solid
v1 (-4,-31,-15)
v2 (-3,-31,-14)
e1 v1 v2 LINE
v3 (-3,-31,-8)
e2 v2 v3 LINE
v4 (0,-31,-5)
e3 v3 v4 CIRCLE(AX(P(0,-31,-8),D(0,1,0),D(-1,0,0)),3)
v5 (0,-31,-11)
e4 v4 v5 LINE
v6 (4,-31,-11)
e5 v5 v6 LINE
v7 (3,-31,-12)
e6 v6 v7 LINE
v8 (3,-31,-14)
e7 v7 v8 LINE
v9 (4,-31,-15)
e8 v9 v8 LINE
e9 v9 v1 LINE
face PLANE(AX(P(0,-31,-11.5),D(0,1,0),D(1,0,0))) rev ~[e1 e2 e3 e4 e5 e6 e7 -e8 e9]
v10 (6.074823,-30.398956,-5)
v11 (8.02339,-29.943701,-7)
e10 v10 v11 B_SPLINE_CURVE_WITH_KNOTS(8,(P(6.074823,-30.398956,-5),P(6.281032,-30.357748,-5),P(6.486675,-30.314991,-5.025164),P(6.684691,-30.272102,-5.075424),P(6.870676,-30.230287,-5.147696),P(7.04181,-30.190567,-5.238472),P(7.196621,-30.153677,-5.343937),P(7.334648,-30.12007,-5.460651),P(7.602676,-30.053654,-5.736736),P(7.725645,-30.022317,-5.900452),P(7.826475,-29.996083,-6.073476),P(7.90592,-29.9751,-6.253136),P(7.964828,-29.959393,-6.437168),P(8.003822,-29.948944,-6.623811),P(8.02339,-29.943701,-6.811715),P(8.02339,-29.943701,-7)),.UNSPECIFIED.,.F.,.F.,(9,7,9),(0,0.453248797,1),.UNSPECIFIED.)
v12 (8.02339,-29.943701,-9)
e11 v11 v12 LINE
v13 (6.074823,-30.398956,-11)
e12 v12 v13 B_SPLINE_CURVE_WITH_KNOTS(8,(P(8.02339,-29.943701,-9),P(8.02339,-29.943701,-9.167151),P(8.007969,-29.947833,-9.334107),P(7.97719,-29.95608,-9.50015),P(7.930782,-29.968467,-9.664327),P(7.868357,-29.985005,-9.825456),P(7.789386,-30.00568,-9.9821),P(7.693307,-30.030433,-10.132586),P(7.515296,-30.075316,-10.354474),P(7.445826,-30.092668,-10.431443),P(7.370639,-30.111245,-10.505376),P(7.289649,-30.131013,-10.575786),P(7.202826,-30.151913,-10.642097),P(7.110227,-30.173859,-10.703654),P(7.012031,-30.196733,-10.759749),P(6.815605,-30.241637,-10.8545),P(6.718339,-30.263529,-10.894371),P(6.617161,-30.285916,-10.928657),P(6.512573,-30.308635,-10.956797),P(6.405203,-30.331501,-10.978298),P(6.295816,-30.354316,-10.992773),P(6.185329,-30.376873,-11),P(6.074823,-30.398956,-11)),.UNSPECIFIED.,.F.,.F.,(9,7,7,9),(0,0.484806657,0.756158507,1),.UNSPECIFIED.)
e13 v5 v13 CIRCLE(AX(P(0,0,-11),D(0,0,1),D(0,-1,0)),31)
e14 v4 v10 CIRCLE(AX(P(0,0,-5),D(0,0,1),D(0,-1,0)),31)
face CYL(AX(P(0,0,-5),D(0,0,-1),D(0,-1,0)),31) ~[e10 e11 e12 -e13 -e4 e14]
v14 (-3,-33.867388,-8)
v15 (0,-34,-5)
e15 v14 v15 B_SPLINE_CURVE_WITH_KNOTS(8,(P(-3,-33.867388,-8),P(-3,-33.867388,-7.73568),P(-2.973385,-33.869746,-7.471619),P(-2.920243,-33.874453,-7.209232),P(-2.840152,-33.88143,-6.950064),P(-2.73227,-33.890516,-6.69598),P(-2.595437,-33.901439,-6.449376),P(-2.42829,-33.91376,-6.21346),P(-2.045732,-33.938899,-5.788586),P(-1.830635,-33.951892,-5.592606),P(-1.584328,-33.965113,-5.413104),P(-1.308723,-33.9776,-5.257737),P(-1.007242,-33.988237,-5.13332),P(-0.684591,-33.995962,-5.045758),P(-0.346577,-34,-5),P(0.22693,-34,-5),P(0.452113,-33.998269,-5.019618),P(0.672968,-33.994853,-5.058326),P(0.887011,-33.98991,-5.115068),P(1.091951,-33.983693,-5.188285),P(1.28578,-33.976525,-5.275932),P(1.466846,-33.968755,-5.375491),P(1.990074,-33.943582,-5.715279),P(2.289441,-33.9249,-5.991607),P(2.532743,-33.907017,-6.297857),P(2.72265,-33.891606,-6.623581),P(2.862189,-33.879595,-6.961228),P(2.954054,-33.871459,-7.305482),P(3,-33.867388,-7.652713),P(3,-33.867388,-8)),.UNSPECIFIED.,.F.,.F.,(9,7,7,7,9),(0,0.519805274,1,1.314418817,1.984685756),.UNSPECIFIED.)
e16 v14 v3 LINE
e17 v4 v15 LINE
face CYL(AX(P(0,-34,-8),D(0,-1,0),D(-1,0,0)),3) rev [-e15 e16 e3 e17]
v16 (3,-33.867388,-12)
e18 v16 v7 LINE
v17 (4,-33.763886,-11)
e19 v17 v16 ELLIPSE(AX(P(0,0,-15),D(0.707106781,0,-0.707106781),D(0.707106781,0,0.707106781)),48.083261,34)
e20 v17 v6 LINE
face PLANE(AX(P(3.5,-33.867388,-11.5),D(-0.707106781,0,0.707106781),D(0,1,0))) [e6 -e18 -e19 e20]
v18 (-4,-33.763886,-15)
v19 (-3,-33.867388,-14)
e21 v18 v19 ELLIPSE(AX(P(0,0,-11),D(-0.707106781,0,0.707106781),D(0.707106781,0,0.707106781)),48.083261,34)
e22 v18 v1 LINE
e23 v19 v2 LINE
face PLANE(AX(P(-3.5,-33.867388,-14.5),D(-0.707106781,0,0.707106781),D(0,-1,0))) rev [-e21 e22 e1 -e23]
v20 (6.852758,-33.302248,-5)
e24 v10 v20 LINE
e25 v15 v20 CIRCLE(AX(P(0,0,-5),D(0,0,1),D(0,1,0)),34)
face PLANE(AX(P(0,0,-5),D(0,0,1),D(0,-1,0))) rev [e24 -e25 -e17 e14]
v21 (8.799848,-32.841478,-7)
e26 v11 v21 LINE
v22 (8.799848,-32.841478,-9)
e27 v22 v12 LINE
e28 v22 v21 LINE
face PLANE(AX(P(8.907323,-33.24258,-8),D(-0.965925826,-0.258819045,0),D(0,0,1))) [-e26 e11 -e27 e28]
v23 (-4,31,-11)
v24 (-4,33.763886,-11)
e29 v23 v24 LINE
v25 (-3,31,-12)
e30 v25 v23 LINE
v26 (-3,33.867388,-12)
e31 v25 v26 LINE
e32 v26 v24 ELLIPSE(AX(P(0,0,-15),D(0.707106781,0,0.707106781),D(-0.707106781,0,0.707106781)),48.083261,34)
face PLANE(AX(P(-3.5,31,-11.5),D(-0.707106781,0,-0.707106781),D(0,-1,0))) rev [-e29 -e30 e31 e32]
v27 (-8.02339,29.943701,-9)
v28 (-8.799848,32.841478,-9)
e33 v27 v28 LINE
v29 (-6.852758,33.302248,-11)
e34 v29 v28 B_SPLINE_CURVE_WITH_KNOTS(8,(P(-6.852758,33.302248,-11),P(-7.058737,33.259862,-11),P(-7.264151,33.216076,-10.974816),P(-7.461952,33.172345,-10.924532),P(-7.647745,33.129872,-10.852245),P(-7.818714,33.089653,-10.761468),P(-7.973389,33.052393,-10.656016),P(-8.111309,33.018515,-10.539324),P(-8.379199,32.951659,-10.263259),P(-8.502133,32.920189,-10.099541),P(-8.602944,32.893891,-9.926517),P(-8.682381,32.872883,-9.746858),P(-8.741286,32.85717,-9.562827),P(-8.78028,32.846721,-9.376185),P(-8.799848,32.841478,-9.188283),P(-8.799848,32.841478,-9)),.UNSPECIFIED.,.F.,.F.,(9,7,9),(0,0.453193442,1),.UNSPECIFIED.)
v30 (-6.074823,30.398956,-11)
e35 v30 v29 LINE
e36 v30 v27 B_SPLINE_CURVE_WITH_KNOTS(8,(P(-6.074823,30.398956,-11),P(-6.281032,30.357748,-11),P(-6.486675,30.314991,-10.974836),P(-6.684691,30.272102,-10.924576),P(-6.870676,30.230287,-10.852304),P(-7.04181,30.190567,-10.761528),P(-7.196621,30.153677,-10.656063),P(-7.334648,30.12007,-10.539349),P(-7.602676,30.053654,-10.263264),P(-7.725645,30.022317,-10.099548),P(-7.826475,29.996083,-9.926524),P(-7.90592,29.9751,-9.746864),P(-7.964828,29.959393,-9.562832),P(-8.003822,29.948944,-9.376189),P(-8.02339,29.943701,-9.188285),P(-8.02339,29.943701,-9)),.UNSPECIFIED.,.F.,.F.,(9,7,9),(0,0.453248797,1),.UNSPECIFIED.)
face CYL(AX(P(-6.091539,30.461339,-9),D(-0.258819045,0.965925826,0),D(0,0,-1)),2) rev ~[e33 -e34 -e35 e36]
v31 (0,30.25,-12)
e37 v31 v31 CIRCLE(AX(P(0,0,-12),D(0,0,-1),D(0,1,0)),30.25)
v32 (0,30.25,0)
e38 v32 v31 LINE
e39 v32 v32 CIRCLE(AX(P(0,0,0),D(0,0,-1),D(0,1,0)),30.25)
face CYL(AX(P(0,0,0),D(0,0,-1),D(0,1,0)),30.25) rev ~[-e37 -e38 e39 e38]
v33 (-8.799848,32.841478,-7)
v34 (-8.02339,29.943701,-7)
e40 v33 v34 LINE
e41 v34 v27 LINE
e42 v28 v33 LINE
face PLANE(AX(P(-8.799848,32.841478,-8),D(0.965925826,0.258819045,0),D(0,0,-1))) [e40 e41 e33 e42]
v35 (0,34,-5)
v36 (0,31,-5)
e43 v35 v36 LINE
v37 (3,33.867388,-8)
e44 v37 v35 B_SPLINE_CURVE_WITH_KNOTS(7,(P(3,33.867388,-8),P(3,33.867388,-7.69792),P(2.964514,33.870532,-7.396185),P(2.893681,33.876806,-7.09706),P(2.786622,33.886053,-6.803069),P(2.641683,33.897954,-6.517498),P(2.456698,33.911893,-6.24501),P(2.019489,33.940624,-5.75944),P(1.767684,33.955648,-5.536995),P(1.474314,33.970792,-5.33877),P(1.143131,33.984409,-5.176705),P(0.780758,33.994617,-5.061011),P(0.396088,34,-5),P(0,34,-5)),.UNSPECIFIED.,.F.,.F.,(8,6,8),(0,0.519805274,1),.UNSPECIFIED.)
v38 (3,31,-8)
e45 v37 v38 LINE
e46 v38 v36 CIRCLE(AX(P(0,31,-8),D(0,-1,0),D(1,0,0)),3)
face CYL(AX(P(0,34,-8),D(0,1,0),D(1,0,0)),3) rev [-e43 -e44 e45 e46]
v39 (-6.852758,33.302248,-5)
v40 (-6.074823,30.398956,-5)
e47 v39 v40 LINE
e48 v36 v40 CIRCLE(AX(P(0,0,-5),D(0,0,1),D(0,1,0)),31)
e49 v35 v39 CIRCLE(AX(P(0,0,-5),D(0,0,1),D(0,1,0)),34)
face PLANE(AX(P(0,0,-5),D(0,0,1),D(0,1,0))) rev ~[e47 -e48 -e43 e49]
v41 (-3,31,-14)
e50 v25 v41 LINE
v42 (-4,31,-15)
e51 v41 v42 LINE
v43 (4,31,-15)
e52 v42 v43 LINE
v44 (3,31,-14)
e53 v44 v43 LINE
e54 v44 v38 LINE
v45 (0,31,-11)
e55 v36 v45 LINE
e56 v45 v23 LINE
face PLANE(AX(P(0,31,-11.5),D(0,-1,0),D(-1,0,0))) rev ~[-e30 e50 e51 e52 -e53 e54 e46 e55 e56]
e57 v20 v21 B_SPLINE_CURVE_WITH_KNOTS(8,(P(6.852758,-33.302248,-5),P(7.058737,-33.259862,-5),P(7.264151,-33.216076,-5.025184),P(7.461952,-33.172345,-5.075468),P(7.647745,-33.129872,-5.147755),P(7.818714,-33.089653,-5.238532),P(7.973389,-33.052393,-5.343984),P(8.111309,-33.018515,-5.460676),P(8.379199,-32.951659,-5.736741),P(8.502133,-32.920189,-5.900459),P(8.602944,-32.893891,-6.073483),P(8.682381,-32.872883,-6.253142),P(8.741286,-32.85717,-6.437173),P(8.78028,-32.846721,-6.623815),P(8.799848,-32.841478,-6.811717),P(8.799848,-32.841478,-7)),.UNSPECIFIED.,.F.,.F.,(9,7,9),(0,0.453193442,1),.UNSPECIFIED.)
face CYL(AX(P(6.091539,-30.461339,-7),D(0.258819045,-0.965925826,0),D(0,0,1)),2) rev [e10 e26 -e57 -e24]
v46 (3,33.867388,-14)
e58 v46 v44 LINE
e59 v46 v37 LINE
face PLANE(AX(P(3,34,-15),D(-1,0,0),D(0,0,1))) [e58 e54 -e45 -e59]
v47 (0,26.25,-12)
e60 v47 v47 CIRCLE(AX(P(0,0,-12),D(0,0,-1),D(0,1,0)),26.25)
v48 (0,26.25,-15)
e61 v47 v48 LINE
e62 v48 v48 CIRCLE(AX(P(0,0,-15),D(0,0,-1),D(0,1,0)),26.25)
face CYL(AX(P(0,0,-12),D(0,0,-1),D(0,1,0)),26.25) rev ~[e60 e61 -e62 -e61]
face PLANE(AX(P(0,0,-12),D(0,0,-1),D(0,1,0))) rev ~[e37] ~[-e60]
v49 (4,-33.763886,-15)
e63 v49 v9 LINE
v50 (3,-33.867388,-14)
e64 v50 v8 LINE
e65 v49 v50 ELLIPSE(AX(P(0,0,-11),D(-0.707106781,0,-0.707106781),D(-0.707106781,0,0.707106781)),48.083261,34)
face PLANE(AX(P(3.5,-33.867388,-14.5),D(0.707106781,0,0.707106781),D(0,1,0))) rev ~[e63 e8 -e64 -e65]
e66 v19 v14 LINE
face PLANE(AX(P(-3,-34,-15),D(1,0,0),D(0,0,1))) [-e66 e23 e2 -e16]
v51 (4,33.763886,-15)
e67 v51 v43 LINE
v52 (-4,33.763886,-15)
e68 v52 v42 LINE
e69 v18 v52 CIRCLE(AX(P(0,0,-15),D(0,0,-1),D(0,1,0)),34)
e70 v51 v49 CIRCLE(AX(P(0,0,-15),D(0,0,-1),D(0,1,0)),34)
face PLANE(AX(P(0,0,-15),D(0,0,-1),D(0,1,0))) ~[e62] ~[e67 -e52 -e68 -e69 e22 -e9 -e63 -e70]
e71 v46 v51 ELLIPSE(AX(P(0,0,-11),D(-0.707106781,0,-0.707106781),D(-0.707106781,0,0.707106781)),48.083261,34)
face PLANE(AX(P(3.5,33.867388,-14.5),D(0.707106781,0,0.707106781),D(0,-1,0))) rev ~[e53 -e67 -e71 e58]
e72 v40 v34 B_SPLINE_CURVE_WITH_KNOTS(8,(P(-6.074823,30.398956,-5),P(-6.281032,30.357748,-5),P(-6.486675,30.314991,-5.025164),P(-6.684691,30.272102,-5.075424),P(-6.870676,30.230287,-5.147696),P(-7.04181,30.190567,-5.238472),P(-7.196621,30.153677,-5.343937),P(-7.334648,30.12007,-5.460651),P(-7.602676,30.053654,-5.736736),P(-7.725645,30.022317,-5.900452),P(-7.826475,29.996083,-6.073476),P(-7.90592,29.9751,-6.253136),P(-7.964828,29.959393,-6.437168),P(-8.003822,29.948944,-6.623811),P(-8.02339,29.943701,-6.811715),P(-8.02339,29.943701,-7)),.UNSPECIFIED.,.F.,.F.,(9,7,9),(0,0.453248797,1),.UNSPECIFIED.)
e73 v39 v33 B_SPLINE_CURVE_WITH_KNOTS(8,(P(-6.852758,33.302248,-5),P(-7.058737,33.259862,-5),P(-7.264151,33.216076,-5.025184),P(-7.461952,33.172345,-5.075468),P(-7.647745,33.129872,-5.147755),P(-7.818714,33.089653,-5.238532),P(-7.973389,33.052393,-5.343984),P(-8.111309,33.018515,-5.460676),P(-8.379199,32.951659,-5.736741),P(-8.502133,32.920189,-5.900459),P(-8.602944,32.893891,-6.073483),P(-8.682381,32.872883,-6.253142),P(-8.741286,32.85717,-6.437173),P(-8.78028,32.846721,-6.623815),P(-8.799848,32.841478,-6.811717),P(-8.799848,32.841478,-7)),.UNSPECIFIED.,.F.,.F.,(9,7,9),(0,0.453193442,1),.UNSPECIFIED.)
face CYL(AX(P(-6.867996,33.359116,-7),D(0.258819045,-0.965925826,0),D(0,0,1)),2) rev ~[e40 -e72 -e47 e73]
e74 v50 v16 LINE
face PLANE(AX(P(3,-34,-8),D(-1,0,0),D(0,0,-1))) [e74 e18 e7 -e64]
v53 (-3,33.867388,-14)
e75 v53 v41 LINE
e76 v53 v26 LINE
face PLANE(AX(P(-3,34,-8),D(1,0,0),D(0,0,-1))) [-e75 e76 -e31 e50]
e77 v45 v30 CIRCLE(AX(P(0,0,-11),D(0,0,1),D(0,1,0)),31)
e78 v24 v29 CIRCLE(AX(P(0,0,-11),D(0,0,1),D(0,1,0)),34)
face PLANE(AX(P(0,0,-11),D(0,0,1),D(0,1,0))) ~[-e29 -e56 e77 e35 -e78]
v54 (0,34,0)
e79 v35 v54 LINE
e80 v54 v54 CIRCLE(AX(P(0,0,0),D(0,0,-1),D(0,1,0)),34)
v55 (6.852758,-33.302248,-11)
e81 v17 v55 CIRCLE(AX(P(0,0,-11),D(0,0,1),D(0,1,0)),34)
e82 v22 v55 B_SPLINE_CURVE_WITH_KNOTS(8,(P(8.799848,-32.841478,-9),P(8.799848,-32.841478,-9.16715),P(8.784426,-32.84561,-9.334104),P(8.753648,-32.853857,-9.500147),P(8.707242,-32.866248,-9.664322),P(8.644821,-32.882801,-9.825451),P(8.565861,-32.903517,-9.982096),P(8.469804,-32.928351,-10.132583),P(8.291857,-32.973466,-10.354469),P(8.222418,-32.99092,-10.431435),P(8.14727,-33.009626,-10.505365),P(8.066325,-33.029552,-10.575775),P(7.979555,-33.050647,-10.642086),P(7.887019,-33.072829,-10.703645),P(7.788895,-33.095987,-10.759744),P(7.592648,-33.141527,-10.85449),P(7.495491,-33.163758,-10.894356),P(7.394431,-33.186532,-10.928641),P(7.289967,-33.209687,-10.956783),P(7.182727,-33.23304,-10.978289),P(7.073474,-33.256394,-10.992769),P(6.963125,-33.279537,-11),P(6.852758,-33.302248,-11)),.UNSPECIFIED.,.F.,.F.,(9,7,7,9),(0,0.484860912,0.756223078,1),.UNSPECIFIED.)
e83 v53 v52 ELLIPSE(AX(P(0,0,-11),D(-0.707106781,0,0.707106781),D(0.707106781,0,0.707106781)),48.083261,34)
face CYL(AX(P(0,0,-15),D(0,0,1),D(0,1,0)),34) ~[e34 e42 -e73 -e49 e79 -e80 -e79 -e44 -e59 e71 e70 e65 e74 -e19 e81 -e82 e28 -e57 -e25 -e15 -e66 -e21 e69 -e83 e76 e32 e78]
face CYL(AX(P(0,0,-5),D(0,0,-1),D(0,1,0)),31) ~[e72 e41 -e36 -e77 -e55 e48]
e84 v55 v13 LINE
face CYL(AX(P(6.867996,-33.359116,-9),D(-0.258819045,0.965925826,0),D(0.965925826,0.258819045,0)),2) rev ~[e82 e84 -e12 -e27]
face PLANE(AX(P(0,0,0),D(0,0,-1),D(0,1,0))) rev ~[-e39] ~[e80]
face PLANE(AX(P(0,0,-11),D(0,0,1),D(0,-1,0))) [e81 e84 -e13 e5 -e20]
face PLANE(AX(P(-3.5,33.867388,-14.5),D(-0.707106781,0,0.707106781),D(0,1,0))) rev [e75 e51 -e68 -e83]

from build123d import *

# Parameters (mm, degrees)
CUT_EXTRUDE_1_DEPTH = 3
CUT_EXTRUDE_2_DEPTH = 3
CUT_REVOLVE_1_ANGLE = 15
CUT_REVOLVE_2_ANGLE = 15
CHAMFER_1_SIZE      = 1
CHAMFER_2_SIZE      = 1
FILLET_1_R          = 2
FILLET_2_R          = 2


with BuildPart() as part:
    # Эскиз2 → Повернуть1 (revolve)
    with BuildSketch(Plane(origin=(0, 0, 0), x_dir=(0, 0, -1), z_dir=(1, 0, 0))):
        Polygon((0, 30.25), (12, 30.25), (12, 26.25), (15, 26.25), (15, 34), (0, 34), align=None)
    revolve(axis=Axis((0, 0, 0), (0, 0, -1)))

    # Эскиз4 → Вырез-Вытянуть1 (cut)
    with BuildSketch(Plane(origin=(0, 34, 0), x_dir=(1, 0, 0), z_dir=(0, 1, 0))):
        with BuildLine():
            Line((3, 15), (3, 8))
            ThreePointArc((3, 8), (0, 5), (-3, 8))
            Line((-3, 8), (-3, 15))
            ThreePointArc((-3, 15), (0, 18), (3, 15))
        make_face()
    extrude(amount=-CUT_EXTRUDE_1_DEPTH, mode=Mode.SUBTRACT)

    # Эскиз5 → Вырез-Вытянуть2 (cut)
    with BuildSketch(Plane(origin=(0, -34, 0), x_dir=(-1, 0, 0), z_dir=(0, -1, 0))):
        with BuildLine():
            Line((3, 15), (3, 8))
            ThreePointArc((3, 8), (0, 5), (-3, 8))
            Line((-3, 8), (-3, 15))
            ThreePointArc((-3, 15), (0, 18), (3, 15))
        make_face()
    extrude(amount=-CUT_EXTRUDE_2_DEPTH, mode=Mode.SUBTRACT)

    # Эскиз8 → Вырез-Повернуть1 (revolve, cut)
    with BuildSketch(Plane(origin=(0, 0, 0), x_dir=(0, 0, -1), z_dir=(1, 0, 0))):
        Polygon((5, 34), (5, 31), (11, 31), (11, 34), (11, 37), (5, 37), align=None)
    revolve(axis=Axis((0, 0, 0), (0, 0, 1)), revolution_arc=CUT_REVOLVE_1_ANGLE, mode=Mode.SUBTRACT)

    # Эскиз9 → Вырез-Повернуть2 (revolve, cut)
    with BuildSketch(Plane(origin=(0, 0, 0), x_dir=(0, 0, -1), z_dir=(1, 0, 0))):
        Polygon((5, -34), (5, -31), (11, -31), (11, -34), (11, -37.830503046), (5, -37.830503046), align=None)
    revolve(axis=Axis((0, 0, 0), (0, 0, 1)), revolution_arc=CUT_REVOLVE_2_ANGLE, mode=Mode.SUBTRACT)

    # Фаска1
    chamfer_1_edges = [part.edges().sort_by_distance(p)[0] for p in [
        (3, 32.433694222, -15),
        (-3, 32.433694222, -15),
        (-3, -32.433694222, -15),
        (3, -32.433694222, -15),
    ]]
    chamfer(chamfer_1_edges, length=CHAMFER_1_SIZE)

    # Фаска2
    chamfer_2_edges = [part.edges().sort_by_distance(p)[0] for p in [
        (-3, 32.433694222, -11),
        (3, -32.433694222, -11),
    ]]
    chamfer(chamfer_2_edges, length=CHAMFER_2_SIZE)

    # Скругление1
    fillet_1_edges = [part.edges().sort_by_distance(p)[0] for p in [
        (8.411618966, -31.392589354, -5),
        (8.411618966, -31.392589354, -11),
    ]]
    fillet(fillet_1_edges, radius=FILLET_1_R)

    # Скругление2
    fillet_2_edges = [part.edges().sort_by_distance(p)[0] for p in [
        (-8.411618966, 31.392589354, -5),
        (-8.411618966, 31.392589354, -11),
    ]]
    fillet(fillet_2_edges, radius=FILLET_2_R)


solid = part.part
